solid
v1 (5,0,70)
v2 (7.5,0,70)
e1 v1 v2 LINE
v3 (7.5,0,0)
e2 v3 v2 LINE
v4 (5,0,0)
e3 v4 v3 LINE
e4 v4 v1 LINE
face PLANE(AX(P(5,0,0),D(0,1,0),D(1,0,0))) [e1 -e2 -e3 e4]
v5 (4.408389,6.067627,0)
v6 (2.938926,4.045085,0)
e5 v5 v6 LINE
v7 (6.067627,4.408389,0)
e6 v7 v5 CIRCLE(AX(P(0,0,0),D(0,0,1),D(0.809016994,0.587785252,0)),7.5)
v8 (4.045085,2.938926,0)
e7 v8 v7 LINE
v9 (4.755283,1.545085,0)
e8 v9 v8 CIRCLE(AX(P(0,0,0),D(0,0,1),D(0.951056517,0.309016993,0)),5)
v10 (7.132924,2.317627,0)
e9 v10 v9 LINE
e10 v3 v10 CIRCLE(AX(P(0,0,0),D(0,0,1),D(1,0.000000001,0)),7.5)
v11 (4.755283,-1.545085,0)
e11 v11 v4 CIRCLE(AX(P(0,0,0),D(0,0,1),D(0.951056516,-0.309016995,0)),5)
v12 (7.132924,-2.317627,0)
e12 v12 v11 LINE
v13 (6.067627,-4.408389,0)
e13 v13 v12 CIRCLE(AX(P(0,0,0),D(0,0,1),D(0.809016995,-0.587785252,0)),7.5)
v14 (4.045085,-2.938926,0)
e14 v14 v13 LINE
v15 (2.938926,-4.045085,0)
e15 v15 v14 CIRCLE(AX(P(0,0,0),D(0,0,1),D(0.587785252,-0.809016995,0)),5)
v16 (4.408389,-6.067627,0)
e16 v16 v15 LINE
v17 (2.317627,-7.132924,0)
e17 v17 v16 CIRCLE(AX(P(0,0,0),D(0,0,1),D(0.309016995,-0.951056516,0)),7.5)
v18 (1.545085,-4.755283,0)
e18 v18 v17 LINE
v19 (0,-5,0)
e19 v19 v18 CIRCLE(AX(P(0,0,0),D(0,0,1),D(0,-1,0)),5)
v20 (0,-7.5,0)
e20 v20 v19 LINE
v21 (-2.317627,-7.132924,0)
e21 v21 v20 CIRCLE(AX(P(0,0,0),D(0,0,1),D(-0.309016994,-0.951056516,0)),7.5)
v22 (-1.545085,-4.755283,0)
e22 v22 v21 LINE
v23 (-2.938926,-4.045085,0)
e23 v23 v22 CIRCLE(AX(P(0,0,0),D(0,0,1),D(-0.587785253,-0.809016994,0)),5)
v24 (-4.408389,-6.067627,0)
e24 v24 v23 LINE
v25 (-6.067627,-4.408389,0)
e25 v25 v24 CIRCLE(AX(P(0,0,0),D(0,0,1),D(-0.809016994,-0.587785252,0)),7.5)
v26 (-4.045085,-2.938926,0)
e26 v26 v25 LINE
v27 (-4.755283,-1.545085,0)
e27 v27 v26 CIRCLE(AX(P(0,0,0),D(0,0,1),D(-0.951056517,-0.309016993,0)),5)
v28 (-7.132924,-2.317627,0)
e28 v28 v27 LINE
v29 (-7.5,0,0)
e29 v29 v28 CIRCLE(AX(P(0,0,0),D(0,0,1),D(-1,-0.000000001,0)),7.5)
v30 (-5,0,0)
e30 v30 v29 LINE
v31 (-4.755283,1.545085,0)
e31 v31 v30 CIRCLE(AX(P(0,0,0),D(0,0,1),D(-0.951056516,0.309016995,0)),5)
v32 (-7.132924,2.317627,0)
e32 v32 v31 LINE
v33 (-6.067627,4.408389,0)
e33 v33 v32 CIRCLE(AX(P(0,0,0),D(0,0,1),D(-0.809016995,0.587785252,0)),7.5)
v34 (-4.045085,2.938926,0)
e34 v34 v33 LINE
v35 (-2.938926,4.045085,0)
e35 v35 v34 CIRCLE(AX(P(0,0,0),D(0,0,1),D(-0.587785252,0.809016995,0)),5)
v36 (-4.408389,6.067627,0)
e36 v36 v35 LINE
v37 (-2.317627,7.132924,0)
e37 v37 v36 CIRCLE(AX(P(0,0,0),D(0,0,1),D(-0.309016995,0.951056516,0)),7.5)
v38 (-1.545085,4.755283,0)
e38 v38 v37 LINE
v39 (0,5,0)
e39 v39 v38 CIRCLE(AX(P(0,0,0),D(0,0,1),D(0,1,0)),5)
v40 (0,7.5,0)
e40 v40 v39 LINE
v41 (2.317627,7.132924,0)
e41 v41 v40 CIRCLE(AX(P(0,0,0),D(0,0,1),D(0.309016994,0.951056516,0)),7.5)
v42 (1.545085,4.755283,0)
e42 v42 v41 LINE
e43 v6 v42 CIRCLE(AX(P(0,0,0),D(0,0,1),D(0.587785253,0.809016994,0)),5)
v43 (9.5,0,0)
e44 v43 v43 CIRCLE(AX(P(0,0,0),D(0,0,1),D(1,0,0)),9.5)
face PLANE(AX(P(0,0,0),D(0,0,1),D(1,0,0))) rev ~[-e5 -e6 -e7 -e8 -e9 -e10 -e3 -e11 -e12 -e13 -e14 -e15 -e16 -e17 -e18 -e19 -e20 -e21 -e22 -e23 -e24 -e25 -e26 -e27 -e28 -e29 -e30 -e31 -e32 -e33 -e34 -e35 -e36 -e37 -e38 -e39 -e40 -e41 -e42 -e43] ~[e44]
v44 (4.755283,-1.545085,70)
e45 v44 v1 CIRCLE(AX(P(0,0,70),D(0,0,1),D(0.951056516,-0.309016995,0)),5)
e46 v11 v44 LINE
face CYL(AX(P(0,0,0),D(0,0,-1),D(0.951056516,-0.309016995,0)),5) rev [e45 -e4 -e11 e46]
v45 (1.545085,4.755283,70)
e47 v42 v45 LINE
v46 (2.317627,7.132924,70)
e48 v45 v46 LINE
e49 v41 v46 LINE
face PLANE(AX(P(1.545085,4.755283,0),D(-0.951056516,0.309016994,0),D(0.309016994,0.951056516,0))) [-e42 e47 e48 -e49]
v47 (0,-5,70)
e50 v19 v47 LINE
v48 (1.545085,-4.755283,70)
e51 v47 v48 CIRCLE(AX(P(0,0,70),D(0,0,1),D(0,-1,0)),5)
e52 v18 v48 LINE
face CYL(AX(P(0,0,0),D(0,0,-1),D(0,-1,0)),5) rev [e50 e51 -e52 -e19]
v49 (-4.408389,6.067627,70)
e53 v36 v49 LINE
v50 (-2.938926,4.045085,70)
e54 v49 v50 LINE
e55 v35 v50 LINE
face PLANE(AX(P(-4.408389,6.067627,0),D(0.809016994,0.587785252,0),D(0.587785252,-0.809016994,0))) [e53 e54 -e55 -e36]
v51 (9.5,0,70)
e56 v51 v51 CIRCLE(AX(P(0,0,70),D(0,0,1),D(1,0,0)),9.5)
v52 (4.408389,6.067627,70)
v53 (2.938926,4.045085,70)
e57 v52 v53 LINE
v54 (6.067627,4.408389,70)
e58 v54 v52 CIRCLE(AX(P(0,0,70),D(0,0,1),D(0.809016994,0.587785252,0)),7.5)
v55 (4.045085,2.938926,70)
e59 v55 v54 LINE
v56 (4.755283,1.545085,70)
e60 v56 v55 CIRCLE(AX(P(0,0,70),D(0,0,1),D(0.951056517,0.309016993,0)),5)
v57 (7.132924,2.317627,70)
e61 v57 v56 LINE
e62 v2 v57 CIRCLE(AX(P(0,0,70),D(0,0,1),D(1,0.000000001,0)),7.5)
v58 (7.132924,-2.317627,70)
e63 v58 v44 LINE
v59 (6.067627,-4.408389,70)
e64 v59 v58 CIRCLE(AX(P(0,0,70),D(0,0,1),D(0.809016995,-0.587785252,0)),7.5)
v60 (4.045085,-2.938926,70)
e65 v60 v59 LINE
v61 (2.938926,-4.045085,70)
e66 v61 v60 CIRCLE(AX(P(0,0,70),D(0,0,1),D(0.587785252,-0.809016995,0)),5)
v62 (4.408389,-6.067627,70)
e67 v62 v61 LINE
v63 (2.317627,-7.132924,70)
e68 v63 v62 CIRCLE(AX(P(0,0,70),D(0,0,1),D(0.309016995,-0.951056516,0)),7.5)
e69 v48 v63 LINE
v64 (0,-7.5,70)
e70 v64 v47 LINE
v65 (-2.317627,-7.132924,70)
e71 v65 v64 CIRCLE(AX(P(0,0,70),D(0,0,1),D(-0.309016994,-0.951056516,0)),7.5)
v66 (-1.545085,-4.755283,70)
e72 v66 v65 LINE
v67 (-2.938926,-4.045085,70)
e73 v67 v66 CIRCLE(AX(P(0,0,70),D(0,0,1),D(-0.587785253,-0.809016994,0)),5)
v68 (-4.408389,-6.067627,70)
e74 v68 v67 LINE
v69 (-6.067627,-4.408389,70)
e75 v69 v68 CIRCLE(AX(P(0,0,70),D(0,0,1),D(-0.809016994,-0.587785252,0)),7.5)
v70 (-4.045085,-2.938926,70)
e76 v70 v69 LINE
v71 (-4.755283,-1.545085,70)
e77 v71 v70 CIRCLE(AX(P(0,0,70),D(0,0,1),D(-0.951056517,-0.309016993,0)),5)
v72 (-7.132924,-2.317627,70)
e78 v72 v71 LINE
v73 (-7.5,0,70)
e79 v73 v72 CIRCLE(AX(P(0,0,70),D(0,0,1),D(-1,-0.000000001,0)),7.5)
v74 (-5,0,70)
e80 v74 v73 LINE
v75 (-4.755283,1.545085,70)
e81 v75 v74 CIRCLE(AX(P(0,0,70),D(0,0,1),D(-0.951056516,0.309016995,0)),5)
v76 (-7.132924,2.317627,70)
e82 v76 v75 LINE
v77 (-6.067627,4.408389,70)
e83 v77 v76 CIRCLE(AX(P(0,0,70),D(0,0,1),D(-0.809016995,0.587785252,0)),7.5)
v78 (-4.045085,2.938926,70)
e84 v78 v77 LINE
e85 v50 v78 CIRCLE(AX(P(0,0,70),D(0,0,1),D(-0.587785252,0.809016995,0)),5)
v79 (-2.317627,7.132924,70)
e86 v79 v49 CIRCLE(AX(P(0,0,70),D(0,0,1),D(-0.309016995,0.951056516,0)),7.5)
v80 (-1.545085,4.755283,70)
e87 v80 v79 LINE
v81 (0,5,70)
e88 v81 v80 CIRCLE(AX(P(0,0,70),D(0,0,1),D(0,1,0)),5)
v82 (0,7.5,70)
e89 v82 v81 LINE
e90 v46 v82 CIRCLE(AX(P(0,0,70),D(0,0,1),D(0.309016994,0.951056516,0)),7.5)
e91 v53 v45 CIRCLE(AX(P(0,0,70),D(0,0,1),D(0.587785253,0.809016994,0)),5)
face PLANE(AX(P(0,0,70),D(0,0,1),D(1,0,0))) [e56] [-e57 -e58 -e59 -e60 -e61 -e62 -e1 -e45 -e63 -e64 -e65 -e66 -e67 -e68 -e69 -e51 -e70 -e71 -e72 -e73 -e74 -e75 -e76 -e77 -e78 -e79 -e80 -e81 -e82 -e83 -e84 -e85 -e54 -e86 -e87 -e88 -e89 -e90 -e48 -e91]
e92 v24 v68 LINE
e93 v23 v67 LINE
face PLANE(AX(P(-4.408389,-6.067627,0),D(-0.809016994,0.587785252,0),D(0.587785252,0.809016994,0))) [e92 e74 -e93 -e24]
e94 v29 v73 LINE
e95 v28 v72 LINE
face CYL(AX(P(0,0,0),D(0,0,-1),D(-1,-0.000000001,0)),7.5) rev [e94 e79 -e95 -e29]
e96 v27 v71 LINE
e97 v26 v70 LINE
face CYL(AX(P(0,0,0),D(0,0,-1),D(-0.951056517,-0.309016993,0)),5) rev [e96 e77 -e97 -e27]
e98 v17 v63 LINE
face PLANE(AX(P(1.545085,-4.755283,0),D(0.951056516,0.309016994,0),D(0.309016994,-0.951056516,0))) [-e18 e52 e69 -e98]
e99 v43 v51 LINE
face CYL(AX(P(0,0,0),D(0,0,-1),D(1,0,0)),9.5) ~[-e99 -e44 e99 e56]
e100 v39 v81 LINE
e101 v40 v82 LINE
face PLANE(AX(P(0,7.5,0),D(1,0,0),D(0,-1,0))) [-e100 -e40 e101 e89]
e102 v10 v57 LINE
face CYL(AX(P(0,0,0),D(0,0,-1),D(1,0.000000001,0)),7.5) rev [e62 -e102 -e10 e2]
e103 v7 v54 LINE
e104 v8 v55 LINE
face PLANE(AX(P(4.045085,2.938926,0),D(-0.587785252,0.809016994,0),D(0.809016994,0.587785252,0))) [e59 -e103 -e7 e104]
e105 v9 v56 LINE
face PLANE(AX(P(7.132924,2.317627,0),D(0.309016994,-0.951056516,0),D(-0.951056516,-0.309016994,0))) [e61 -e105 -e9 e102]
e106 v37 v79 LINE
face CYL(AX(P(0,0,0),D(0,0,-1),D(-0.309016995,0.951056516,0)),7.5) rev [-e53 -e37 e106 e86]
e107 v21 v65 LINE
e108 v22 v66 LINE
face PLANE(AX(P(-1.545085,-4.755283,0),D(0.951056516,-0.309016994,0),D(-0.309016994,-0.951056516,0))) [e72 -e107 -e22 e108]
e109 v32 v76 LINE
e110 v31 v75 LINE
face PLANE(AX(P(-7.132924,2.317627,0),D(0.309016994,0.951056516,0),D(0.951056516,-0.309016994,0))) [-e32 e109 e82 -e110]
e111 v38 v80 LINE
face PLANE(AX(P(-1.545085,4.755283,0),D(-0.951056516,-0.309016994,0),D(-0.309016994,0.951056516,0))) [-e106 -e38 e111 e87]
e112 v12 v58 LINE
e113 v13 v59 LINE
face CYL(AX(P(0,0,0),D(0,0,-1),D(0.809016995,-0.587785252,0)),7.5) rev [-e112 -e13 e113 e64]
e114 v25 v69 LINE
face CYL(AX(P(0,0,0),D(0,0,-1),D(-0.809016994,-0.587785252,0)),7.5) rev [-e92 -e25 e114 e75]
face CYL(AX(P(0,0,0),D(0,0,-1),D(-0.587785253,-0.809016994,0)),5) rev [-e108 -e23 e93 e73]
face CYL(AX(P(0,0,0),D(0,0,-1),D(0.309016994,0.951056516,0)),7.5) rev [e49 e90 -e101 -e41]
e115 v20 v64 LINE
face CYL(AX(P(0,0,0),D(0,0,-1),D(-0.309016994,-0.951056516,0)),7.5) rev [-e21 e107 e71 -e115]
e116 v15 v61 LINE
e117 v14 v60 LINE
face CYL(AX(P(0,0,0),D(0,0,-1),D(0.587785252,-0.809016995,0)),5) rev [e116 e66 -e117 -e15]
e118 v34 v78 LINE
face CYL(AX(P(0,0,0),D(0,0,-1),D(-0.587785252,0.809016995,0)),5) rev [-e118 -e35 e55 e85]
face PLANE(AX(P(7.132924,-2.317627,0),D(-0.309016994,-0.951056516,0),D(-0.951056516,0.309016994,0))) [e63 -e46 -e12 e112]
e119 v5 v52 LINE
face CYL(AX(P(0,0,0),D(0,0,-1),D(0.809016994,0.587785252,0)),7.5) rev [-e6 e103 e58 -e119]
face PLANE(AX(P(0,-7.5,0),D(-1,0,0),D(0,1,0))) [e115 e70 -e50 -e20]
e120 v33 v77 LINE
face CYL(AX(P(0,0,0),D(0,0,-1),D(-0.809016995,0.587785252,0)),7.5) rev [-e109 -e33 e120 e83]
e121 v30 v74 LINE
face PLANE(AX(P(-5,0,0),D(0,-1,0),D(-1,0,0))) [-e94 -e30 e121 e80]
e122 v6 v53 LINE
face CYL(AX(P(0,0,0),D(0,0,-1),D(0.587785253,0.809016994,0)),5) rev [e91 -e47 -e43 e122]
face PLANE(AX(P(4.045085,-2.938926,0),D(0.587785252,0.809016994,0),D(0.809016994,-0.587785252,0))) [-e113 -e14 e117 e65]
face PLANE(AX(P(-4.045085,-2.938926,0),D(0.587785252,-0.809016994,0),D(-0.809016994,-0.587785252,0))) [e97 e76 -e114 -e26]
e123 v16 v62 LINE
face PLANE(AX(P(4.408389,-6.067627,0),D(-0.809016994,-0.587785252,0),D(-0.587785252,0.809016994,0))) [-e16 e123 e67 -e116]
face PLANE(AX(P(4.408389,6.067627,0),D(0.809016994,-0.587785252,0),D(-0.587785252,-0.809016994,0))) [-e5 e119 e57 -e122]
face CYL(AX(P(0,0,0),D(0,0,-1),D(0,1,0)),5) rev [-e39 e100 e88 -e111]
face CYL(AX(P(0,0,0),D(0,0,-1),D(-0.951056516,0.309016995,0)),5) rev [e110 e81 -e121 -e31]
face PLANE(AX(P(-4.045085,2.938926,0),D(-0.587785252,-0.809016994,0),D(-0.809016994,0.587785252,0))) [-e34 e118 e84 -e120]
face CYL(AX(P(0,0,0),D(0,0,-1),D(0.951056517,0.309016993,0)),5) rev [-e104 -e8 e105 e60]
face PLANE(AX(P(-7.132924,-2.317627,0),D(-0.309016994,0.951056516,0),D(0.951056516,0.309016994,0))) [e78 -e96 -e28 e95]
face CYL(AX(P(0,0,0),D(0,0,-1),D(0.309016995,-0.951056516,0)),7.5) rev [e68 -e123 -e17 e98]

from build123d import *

# Parameters (mm, degrees)
SKETCH_1_R      = 9.5
EXTRUDE_1_DEPTH = 70


with BuildPart() as part:
    # Эскиз1 → Бобышка-Вытянуть1 (new body)
    with BuildSketch(Plane.XY):
        Circle(SKETCH_1_R)
        with BuildLine():
            Line((0, 7.5), (0, 5))
            ThreePointArc((0, 5), (-0.782172325, 4.938441703), (-1.545084972, 4.755282581))
            Line((-1.545084972, 4.755282581), (-2.317627458, 7.132923872))
            ThreePointArc((-2.317627458, 7.132923872), (-3.404928748, 6.682548931), (-4.408389392, 6.067627458))
            Line((-4.408389392, 6.067627458), (-2.938926261, 4.045084972))
            ThreePointArc((-2.938926261, 4.045084972), (-3.535533906, 3.535533906), (-4.045084972, 2.938926261))
            Line((-4.045084972, 2.938926261), (-6.067627458, 4.408389392))
            ThreePointArc((-6.067627458, 4.408389392), (-6.682548931, 3.404928748), (-7.132923872, 2.317627458))
            Line((-7.132923872, 2.317627458), (-4.755282581, 1.545084972))
            ThreePointArc((-4.755282581, 1.545084972), (-4.938441703, 0.782172325), (-5, 0))
            Line((-5, 0), (-7.5, 0))
            ThreePointArc((-7.5, 0), (-7.407662554, -1.173258488), (-7.132923872, -2.317627458))
            Line((-7.132923872, -2.317627458), (-4.755282581, -1.545084972))
            ThreePointArc((-4.755282581, -1.545084972), (-4.455032621, -2.269952499), (-4.045084972, -2.938926261))
            Line((-4.045084972, -2.938926261), (-6.067627458, -4.408389392))
            ThreePointArc((-6.067627458, -4.408389392), (-5.303300859, -5.303300859), (-4.408389392, -6.067627458))
            Line((-4.408389392, -6.067627458), (-2.938926261, -4.045084972))
            ThreePointArc((-2.938926261, -4.045084972), (-2.269952499, -4.455032621), (-1.545084972, -4.755282581))
            Line((-1.545084972, -4.755282581), (-2.317627458, -7.132923872))
            ThreePointArc((-2.317627458, -7.132923872), (-1.173258488, -7.407662554), (0, -7.5))
            Line((0, -7.5), (0, -5))
            ThreePointArc((0, -5), (0.782172325, -4.938441703), (1.545084972, -4.755282581))
            Line((1.545084972, -4.755282581), (2.317627458, -7.132923872))
            ThreePointArc((2.317627458, -7.132923872), (3.404928748, -6.682548931), (4.408389392, -6.067627458))
            Line((4.408389392, -6.067627458), (2.938926261, -4.045084972))
            ThreePointArc((2.938926261, -4.045084972), (3.535533906, -3.535533906), (4.045084972, -2.938926261))
            Line((4.045084972, -2.938926261), (6.067627458, -4.408389392))
            ThreePointArc((6.067627458, -4.408389392), (6.682548931, -3.404928748), (7.132923872, -2.317627458))
            Line((7.132923872, -2.317627458), (4.755282581, -1.545084972))
            ThreePointArc((4.755282581, -1.545084972), (4.938441703, -0.782172325), (5, 0))
            Line((5, 0), (7.5, 0))
            ThreePointArc((7.5, 0), (7.407662554, 1.173258488), (7.132923872, 2.317627458))
            Line((7.132923872, 2.317627458), (4.755282581, 1.545084972))
            ThreePointArc((4.755282581, 1.545084972), (4.455032621, 2.269952499), (4.045084972, 2.938926261))
            Line((4.045084972, 2.938926261), (6.067627458, 4.408389392))
            ThreePointArc((6.067627458, 4.408389392), (5.303300859, 5.303300859), (4.408389392, 6.067627458))
            Line((4.408389392, 6.067627458), (2.938926261, 4.045084972))
            ThreePointArc((2.938926261, 4.045084972), (2.269952499, 4.455032621), (1.545084972, 4.755282581))
            Line((1.545084972, 4.755282581), (2.317627458, 7.132923872))
            ThreePointArc((2.317627458, 7.132923872), (1.173258488, 7.407662554), (0, 7.5))
        make_face(mode=Mode.SUBTRACT)
    extrude(amount=EXTRUDE_1_DEPTH)


solid = part.part
